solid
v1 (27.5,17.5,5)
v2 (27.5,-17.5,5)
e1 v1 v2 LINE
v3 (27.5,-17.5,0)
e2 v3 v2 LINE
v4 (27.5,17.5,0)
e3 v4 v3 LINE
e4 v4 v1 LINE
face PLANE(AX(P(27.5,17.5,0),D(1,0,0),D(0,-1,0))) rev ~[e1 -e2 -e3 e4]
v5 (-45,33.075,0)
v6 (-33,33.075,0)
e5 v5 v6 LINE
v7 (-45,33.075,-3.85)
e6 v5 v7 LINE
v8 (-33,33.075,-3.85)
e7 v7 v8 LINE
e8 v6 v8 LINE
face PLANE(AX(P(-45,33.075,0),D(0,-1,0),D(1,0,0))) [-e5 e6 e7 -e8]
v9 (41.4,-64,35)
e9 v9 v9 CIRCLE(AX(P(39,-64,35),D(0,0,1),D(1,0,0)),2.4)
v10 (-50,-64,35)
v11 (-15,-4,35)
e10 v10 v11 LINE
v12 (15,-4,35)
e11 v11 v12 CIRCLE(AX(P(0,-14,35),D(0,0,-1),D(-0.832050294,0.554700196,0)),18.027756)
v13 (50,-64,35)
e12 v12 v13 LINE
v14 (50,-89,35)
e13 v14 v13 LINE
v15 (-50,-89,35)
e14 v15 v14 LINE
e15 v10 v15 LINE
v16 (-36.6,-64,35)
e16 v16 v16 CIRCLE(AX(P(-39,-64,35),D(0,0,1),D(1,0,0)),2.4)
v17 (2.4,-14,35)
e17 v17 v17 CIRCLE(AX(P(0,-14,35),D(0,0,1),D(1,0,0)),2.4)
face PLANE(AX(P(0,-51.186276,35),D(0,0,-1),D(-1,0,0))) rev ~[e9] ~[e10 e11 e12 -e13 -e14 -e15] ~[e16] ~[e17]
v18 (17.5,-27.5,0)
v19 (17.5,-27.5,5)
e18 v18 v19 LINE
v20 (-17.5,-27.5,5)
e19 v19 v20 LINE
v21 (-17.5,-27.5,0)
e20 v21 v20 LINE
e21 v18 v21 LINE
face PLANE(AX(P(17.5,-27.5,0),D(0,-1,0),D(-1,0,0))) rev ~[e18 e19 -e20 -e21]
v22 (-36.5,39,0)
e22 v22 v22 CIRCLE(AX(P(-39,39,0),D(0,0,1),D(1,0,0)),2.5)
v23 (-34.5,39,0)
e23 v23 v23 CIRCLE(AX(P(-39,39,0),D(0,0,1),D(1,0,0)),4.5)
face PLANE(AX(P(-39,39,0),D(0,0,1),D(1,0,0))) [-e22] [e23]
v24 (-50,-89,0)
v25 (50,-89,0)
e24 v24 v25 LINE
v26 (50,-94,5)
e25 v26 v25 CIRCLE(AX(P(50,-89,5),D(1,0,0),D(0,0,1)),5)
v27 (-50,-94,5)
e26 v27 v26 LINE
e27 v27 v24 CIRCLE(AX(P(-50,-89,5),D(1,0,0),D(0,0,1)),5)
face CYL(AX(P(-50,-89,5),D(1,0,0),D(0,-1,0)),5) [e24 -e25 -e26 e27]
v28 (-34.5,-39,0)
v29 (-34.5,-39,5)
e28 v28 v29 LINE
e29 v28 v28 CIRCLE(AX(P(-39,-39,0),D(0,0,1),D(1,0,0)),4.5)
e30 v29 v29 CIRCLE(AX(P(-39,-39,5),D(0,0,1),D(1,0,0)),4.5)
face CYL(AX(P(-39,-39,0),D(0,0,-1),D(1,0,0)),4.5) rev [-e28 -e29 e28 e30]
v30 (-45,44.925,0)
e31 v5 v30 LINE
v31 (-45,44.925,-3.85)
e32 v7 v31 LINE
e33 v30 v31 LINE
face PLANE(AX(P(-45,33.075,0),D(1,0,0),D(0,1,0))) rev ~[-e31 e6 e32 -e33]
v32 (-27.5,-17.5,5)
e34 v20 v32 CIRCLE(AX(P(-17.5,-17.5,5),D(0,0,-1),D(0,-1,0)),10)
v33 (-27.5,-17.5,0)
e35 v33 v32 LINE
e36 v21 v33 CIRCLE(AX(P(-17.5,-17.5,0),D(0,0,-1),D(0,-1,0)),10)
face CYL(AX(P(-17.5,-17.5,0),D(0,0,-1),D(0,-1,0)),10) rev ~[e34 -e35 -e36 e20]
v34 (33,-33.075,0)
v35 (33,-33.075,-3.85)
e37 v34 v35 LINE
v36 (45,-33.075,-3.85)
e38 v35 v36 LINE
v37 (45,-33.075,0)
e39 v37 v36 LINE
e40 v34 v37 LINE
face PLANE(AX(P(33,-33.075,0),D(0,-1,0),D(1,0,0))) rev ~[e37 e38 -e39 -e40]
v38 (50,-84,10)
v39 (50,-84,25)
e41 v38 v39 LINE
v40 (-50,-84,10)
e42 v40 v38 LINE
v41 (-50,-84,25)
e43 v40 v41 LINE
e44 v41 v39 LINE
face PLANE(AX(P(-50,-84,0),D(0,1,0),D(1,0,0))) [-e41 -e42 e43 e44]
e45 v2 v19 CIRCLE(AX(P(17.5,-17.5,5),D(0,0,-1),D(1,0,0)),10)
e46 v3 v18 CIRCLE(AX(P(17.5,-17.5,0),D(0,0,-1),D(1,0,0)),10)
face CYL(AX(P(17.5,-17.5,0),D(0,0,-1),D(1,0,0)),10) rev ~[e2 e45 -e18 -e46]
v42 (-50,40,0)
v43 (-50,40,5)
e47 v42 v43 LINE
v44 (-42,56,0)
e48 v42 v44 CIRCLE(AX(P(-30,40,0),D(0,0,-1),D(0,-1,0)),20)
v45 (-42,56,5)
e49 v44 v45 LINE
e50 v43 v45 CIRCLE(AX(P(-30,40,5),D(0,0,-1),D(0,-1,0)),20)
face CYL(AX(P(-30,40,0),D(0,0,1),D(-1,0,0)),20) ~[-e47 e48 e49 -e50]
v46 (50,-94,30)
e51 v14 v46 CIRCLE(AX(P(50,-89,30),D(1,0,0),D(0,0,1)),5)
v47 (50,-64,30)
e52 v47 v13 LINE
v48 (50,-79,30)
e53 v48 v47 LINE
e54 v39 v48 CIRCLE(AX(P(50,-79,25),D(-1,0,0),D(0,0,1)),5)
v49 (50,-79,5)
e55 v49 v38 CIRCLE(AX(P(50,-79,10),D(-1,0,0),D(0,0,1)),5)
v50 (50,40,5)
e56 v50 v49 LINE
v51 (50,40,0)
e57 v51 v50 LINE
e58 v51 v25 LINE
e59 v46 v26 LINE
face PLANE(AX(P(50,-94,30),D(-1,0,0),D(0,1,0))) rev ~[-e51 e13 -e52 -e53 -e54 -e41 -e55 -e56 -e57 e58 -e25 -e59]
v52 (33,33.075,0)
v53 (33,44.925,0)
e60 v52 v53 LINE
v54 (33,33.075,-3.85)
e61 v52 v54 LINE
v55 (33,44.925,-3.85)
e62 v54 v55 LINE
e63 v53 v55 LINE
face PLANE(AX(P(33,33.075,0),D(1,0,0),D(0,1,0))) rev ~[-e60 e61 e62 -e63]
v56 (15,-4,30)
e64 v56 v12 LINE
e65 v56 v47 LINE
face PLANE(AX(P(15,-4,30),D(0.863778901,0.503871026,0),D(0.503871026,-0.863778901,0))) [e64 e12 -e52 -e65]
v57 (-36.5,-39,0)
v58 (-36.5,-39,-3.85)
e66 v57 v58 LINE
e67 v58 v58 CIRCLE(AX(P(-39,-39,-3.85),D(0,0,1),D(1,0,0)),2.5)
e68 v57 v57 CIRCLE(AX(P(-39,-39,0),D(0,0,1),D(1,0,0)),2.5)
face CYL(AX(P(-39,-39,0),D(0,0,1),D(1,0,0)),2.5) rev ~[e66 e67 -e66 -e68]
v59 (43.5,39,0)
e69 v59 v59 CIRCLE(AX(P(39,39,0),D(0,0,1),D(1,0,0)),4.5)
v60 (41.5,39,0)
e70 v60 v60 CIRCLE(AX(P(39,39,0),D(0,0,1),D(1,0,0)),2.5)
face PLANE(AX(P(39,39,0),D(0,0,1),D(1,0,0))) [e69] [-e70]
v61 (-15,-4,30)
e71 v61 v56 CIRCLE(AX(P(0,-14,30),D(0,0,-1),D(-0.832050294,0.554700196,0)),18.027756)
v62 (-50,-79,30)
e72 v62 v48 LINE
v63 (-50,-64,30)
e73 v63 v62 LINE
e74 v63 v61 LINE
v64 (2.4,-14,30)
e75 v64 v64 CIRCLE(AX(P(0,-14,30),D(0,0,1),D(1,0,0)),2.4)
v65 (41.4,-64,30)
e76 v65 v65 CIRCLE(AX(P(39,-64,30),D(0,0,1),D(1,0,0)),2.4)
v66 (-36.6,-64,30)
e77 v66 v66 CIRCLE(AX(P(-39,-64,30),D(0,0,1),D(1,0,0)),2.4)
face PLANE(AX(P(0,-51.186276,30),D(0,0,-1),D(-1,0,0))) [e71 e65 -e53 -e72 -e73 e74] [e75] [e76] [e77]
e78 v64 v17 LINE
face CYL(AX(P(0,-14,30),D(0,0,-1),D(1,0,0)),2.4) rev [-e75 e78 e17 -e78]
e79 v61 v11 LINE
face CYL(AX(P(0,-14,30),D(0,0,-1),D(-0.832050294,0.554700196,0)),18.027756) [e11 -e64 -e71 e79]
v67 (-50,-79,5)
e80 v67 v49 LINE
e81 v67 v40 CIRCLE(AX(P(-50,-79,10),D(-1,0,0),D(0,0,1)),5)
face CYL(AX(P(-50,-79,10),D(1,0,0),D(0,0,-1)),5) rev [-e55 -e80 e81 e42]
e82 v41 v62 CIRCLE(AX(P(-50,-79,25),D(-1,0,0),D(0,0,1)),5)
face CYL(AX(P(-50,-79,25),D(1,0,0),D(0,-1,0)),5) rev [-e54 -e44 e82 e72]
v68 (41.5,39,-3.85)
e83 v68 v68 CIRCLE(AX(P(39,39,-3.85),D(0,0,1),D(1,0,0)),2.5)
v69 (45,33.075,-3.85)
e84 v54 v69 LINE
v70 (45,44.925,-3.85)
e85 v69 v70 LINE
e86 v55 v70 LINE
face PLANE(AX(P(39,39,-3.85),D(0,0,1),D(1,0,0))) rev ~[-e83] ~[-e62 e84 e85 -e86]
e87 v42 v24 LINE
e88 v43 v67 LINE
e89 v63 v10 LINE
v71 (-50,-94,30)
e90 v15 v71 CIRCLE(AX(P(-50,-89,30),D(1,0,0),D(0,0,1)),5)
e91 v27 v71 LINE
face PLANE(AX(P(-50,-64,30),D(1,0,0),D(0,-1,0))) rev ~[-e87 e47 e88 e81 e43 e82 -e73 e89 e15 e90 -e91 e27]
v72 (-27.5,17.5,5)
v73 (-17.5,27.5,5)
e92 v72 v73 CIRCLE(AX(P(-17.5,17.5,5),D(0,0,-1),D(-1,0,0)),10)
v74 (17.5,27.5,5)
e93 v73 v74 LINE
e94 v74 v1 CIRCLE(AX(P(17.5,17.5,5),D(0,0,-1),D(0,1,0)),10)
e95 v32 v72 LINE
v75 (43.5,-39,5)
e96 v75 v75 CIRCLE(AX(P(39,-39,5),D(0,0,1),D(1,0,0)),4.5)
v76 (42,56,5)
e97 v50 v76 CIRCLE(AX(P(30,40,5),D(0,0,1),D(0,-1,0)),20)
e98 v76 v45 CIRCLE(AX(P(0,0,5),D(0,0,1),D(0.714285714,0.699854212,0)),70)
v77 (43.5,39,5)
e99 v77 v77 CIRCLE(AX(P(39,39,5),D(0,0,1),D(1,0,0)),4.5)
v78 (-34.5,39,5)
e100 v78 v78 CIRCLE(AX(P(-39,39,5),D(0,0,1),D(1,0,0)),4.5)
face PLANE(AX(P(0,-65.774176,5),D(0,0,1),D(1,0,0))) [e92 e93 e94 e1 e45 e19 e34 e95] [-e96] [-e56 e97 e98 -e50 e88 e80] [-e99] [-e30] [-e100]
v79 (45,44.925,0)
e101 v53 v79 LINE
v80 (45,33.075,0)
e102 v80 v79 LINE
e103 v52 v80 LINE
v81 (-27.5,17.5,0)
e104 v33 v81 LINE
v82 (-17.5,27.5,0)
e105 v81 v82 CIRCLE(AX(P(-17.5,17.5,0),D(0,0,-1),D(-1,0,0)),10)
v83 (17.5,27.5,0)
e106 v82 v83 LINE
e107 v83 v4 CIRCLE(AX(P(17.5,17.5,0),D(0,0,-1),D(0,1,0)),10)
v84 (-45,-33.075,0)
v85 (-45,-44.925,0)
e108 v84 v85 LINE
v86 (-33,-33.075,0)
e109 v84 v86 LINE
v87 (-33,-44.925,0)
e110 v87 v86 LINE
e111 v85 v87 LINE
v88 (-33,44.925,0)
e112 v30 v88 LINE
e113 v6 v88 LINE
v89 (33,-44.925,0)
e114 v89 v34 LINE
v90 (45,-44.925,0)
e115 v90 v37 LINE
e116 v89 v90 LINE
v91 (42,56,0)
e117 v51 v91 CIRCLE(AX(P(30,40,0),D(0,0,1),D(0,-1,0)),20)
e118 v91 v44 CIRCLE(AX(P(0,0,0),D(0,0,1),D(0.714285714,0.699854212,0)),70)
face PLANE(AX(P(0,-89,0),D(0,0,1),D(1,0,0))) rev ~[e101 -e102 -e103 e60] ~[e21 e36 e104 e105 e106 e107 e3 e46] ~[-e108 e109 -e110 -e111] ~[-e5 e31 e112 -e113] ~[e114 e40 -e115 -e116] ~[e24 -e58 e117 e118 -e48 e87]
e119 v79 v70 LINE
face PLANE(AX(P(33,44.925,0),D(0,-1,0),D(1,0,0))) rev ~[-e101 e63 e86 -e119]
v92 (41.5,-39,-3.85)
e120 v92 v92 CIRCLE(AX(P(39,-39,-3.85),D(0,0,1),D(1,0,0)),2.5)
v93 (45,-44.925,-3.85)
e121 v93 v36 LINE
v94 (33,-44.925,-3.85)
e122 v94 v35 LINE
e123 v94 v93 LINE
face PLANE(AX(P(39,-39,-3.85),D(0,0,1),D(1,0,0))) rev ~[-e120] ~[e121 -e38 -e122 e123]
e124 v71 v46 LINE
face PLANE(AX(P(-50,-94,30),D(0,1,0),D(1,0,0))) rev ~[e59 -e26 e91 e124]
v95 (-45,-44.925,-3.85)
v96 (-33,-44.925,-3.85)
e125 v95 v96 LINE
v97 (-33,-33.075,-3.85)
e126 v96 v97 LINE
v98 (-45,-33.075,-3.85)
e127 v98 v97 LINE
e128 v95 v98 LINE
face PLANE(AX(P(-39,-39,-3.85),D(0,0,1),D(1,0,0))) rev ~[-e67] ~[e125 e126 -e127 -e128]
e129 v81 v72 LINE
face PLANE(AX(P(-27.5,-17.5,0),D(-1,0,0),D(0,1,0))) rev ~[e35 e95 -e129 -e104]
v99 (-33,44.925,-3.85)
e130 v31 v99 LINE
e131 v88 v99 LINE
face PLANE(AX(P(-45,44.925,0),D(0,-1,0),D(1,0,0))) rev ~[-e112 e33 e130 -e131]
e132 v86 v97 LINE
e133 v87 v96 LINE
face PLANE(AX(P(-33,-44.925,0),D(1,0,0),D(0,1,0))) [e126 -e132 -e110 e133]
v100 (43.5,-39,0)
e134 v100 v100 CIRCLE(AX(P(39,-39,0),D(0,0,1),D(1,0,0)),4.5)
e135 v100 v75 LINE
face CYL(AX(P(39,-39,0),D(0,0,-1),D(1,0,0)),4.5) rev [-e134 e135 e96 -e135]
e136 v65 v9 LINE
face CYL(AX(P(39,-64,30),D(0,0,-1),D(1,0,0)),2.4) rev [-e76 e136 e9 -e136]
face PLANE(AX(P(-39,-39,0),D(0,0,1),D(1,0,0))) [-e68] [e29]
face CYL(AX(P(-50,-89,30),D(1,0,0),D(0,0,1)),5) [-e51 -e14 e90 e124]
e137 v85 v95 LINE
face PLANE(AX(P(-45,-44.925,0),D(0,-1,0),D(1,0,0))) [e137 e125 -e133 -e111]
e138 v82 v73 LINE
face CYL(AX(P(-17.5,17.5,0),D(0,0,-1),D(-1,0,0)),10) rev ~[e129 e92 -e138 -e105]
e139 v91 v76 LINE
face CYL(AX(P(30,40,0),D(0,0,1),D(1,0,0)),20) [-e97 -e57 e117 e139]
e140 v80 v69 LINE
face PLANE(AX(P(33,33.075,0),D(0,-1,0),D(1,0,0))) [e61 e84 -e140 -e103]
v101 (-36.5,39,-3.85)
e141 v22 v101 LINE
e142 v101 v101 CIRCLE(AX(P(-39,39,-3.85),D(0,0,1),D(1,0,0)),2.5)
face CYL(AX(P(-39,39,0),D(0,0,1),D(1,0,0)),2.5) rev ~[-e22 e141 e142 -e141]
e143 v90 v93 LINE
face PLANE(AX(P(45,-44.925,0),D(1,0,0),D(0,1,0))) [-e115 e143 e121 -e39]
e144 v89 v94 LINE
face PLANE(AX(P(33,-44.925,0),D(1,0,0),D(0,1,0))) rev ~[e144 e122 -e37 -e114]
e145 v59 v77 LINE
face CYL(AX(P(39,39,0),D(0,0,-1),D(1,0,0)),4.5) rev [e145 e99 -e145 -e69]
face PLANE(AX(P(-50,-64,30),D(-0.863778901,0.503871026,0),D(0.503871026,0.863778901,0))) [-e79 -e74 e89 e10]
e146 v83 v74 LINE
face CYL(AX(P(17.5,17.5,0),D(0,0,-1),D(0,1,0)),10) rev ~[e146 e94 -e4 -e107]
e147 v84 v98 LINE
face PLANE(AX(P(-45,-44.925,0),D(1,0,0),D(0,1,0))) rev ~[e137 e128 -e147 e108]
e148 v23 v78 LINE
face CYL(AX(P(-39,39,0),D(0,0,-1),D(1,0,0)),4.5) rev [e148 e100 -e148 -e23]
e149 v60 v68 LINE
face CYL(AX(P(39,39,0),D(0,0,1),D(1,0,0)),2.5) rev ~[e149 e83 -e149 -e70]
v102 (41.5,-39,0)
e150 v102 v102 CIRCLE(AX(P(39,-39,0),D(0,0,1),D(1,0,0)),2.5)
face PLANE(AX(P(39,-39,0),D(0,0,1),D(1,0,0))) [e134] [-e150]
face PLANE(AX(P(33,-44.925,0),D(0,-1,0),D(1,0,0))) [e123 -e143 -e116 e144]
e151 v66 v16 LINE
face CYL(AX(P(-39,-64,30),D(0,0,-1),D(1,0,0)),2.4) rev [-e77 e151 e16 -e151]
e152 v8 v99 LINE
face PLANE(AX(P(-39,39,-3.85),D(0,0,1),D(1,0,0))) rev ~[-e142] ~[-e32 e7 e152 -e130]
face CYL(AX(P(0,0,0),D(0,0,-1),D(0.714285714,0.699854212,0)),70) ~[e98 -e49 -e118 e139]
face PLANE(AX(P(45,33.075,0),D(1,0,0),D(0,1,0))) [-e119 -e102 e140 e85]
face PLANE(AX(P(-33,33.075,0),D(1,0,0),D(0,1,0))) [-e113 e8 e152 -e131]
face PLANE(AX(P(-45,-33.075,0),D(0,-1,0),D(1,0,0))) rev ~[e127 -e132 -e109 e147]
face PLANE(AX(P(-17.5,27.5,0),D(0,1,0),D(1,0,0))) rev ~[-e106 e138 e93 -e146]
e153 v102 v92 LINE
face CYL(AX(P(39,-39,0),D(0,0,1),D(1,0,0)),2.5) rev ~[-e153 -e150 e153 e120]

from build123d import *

# Parameters (mm, degrees)
SKETCH_1_R          = 4.5
EXTRUDE_2_DEPTH     = 5
FILLET1_R           = 20
SKETCH_1_5_W        = 12
SKETCH_1_5_H        = 11.85
SKETCH_1_5_R        = 2.5
BOSS_EXTRUDE1_DEPTH = 3.85
BOSS_EXTRUDE3_DEPTH = 5
SKETCH1_3_W         = 100
SKETCH1_3_H         = 10
BOSS_EXTRUDE4_DEPTH = 30
SKETCH2_R           = 2.4
BOSS_EXTRUDE5_DEPTH = 5
FILLET2_R           = 5


with BuildPart() as part:
    # Эскиз1 → Extrude 2 (new body)
    with BuildSketch(Plane.XY):
        with BuildLine():
            ThreePointArc((-50, -48.989794856), (0, -70), (50, -48.989794856))
            Line((50, -48.989794856), (50, 48.989794856))
            ThreePointArc((50, 48.989794856), (0, 70), (-50, 48.989794856))
            Line((-50, 48.989794856), (-50, -48.989794856))
        make_face()
        with BuildLine():
            ThreePointArc((27.5, -17.5), (24.571067812, -24.571067812), (17.5, -27.5))
            Line((17.5, -27.5), (-17.5, -27.5))
            ThreePointArc((-17.5, -27.5), (-24.571067812, -24.571067812), (-27.5, -17.5))
            Line((-27.5, -17.5), (-27.5, 17.5))
            ThreePointArc((-27.5, 17.5), (-24.571067812, 24.571067812), (-17.5, 27.5))
            Line((-17.5, 27.5), (17.5, 27.5))
            ThreePointArc((17.5, 27.5), (24.571067812, 24.571067812), (27.5, 17.5))
            Line((27.5, 17.5), (27.5, -17.5))
        make_face(mode=Mode.SUBTRACT)
        with Locations((-39, -39)):
            Circle(SKETCH_1_R, mode=Mode.SUBTRACT)
        with Locations((-39, 39)):
            Circle(SKETCH_1_R, mode=Mode.SUBTRACT)
        with Locations((39, 39)):
            Circle(SKETCH_1_R, mode=Mode.SUBTRACT)
        with Locations((39, -39)):
            Circle(SKETCH_1_R, mode=Mode.SUBTRACT)
    extrude(amount=EXTRUDE_2_DEPTH)

    # Fillet1
    fillet1_edges = [part.edges().sort_by_distance(p)[0] for p in [
        (50, -48.989794856, 2.5),
        (-50, -48.989794856, 2.5),
        (-50, 48.989794856, 2.5),
        (50, 48.989794856, 2.5),
    ]]
    fillet(fillet1_edges, radius=FILLET1_R)

    # Эскиз1<5> → Boss-Extrude1 (add)
    # profile 1 of 4: a face of its own
    with BuildSketch(Plane.XY):
        with Locations((39, -39)):
            Rectangle(SKETCH_1_5_W, SKETCH_1_5_H)
        with Locations((39, -39)):
            Circle(SKETCH_1_5_R, mode=Mode.SUBTRACT)
    # profile 2 of 4: a face of its own
    with BuildSketch(Plane.XY):
        with Locations((-39, -39)):
            Rectangle(SKETCH_1_5_W, SKETCH_1_5_H)
        with Locations((-39, -39)):
            Circle(SKETCH_1_5_R, mode=Mode.SUBTRACT)
    # profile 3 of 4: a face of its own
    with BuildSketch(Plane.XY):
        with Locations((39, 39)):
            Rectangle(SKETCH_1_5_W, SKETCH_1_5_H)
        with Locations((39, 39)):
            Circle(SKETCH_1_5_R, mode=Mode.SUBTRACT)
    # profile 4 of 4: a face of its own
    with BuildSketch(Plane.XY):
        with Locations((-39, 39)):
            Rectangle(SKETCH_1_5_W, SKETCH_1_5_H)
        with Locations((-39, 39)):
            Circle(SKETCH_1_5_R, mode=Mode.SUBTRACT)
    extrude(amount=-BOSS_EXTRUDE1_DEPTH)

    # Sketch1 → Boss-Extrude3 (add)
    with BuildSketch(Plane.XY):
        with BuildLine():
            ThreePointArc((50, -40), (0, -60.710678119), (-50, -40))
            Line((-50, -40), (-50, -84))
            Line((-50, -84), (50, -84))
            Line((50, -84), (50, -40))
        make_face()
    extrude(amount=BOSS_EXTRUDE3_DEPTH)

    # Sketch1<3> → Boss-Extrude4 (add)
    with BuildSketch(Plane.XY):
        with Locations((0, -89)):
            Rectangle(SKETCH1_3_W, SKETCH1_3_H)
    extrude(amount=BOSS_EXTRUDE4_DEPTH)

    # Sketch2 → Boss-Extrude5 (add)
    with BuildSketch(Plane.XY.offset(30)):
        with BuildLine():
            Line((-50, -64), (-50, -94))
            Line((-50, -94), (50, -94))
            Line((50, -94), (50, -64))
            Line((50, -64), (15, -4))
            ThreePointArc((15, -4), (0, 4.027756377), (-15, -4))
            Line((-15, -4), (-50, -64))
        make_face()
        with Locations((-39, -64)):
            Circle(SKETCH2_R, mode=Mode.SUBTRACT)
        with Locations((39, -64)):
            Circle(SKETCH2_R, mode=Mode.SUBTRACT)
        with Locations((0, -14)):
            Circle(SKETCH2_R, mode=Mode.SUBTRACT)
    extrude(amount=BOSS_EXTRUDE5_DEPTH)

    # Fillet2
    fillet2_edges = [part.edges().sort_by_distance(p)[0] for p in [
        (0, -94, 0),
        (0, -94, 35),
        (0, -84, 30),
        (0, -84, 5),
    ]]
    fillet(fillet2_edges, radius=FILLET2_R)


solid = part.part
